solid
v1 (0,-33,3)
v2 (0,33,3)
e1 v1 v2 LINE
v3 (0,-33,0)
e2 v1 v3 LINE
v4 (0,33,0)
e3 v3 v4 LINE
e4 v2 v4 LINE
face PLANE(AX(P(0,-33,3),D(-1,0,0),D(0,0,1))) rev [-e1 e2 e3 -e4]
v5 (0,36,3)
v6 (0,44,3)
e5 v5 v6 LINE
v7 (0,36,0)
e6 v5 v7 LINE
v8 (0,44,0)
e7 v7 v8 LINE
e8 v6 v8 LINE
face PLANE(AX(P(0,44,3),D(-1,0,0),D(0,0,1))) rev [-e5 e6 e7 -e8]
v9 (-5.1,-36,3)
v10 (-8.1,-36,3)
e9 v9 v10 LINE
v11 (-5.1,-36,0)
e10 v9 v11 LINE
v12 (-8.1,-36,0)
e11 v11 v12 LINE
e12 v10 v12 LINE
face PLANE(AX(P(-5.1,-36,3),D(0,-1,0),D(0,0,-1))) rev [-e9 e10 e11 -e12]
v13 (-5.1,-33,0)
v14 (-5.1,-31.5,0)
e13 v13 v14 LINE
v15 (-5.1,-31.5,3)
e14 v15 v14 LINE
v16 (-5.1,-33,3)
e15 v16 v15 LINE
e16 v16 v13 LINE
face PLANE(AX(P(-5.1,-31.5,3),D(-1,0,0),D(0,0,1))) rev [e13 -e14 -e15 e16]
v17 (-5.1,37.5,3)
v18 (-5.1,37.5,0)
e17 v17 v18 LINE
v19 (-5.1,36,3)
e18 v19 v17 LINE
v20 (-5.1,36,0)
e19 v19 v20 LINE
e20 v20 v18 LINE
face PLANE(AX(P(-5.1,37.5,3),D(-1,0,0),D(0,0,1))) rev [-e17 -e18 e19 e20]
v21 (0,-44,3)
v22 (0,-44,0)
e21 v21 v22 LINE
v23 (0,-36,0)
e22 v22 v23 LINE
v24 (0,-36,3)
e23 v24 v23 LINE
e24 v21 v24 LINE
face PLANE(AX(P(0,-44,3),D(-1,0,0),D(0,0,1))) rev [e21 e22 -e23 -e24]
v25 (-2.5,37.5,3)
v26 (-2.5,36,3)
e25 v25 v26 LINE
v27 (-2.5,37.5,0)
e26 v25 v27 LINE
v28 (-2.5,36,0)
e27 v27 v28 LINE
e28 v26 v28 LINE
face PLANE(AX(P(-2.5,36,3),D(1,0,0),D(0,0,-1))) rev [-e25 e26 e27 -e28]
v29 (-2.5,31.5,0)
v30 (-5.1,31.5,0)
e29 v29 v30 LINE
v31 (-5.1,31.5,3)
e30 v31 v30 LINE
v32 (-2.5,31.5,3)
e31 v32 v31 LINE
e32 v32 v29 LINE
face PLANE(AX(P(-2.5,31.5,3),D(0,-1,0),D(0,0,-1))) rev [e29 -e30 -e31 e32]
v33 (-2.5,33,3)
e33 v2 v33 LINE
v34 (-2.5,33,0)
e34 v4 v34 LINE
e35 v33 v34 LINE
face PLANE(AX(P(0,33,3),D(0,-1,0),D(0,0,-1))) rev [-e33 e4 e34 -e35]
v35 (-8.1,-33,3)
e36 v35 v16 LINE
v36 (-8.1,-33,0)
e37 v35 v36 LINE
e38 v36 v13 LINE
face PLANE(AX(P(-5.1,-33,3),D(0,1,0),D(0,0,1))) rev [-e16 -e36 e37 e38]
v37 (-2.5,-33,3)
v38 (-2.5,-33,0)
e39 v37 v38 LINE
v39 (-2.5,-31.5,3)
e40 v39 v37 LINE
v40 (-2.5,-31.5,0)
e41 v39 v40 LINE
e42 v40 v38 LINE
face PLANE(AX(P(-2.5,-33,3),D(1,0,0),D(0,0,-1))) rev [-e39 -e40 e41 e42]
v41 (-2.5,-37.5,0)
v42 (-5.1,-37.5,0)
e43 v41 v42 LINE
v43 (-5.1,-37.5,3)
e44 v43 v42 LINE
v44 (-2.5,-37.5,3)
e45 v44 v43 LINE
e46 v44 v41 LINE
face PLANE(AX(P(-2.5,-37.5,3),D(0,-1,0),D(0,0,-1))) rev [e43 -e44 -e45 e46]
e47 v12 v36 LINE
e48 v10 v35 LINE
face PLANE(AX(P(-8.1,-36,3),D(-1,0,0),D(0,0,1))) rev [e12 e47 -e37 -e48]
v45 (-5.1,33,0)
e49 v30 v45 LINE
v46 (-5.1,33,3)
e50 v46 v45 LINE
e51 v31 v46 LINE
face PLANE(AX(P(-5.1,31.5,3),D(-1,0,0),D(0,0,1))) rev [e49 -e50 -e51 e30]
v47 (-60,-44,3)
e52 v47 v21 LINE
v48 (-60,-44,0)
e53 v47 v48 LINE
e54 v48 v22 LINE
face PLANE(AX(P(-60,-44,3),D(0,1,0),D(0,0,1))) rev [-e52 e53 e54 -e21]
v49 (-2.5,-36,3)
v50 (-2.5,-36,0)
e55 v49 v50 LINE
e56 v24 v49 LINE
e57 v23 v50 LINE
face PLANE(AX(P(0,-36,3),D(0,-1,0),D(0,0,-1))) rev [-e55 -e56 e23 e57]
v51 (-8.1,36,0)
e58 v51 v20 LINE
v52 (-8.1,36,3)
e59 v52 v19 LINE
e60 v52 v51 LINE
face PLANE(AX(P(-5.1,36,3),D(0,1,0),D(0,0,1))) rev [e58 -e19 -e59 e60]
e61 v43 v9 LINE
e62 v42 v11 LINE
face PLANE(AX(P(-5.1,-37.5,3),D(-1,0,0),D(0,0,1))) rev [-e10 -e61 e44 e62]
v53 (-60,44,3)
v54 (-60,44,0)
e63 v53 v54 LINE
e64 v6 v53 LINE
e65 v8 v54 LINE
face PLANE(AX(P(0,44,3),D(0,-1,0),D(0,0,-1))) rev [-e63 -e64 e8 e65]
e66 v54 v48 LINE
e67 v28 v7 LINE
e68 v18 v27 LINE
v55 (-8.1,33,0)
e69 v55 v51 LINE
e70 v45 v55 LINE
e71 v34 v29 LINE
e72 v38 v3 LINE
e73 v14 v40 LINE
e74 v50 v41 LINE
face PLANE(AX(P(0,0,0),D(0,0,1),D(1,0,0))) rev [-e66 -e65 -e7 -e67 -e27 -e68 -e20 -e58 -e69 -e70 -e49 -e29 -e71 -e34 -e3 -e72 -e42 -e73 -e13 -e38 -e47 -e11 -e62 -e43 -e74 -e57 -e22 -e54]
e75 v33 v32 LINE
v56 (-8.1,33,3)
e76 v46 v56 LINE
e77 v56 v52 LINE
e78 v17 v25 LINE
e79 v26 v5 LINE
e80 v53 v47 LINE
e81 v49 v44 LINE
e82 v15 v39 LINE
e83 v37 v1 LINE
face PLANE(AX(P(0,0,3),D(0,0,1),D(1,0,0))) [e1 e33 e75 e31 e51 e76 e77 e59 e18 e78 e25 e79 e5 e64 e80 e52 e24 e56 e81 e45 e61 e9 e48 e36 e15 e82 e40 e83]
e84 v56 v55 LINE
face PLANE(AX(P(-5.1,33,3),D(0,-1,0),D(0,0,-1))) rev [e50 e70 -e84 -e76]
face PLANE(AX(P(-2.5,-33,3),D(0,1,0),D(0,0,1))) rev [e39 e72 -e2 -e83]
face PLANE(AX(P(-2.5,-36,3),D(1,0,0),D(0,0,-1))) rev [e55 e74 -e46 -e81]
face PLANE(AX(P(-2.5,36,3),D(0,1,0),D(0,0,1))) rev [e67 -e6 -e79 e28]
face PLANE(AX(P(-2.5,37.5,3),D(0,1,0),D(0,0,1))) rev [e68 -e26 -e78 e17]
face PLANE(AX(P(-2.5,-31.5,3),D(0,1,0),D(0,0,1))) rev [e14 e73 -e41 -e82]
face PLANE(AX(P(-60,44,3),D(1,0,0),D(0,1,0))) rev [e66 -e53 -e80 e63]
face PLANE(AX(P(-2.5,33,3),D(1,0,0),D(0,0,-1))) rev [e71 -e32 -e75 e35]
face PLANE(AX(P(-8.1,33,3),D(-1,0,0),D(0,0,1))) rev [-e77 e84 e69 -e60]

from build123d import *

# Parameters (mm, degrees)
EXTRUDE_1_DEPTH = 3


with BuildPart() as part:
    # 草图1 → 凸台-拉伸1 (new body)
    with BuildSketch(Plane.XY):
        Polygon((0, 44), (0, 36), (-2.5, 36), (-2.5, 37.5), (-5.1, 37.5), (-5.1, 36), (-8.1, 36), (-8.1, 33), (-5.1, 33), (-5.1, 31.5), (-2.5, 31.5), (-2.5, 33), (0, 33), (0, -33), (-2.5, -33), (-2.5, -31.5), (-5.1, -31.5), (-5.1, -33), (-8.1, -33), (-8.1, -36), (-5.1, -36), (-5.1, -37.5), (-2.5, -37.5), (-2.5, -36), (0, -36), (0, -44), (-60, -44), (-60, 44), align=None)
    extrude(amount=EXTRUDE_1_DEPTH)


solid = part.part
